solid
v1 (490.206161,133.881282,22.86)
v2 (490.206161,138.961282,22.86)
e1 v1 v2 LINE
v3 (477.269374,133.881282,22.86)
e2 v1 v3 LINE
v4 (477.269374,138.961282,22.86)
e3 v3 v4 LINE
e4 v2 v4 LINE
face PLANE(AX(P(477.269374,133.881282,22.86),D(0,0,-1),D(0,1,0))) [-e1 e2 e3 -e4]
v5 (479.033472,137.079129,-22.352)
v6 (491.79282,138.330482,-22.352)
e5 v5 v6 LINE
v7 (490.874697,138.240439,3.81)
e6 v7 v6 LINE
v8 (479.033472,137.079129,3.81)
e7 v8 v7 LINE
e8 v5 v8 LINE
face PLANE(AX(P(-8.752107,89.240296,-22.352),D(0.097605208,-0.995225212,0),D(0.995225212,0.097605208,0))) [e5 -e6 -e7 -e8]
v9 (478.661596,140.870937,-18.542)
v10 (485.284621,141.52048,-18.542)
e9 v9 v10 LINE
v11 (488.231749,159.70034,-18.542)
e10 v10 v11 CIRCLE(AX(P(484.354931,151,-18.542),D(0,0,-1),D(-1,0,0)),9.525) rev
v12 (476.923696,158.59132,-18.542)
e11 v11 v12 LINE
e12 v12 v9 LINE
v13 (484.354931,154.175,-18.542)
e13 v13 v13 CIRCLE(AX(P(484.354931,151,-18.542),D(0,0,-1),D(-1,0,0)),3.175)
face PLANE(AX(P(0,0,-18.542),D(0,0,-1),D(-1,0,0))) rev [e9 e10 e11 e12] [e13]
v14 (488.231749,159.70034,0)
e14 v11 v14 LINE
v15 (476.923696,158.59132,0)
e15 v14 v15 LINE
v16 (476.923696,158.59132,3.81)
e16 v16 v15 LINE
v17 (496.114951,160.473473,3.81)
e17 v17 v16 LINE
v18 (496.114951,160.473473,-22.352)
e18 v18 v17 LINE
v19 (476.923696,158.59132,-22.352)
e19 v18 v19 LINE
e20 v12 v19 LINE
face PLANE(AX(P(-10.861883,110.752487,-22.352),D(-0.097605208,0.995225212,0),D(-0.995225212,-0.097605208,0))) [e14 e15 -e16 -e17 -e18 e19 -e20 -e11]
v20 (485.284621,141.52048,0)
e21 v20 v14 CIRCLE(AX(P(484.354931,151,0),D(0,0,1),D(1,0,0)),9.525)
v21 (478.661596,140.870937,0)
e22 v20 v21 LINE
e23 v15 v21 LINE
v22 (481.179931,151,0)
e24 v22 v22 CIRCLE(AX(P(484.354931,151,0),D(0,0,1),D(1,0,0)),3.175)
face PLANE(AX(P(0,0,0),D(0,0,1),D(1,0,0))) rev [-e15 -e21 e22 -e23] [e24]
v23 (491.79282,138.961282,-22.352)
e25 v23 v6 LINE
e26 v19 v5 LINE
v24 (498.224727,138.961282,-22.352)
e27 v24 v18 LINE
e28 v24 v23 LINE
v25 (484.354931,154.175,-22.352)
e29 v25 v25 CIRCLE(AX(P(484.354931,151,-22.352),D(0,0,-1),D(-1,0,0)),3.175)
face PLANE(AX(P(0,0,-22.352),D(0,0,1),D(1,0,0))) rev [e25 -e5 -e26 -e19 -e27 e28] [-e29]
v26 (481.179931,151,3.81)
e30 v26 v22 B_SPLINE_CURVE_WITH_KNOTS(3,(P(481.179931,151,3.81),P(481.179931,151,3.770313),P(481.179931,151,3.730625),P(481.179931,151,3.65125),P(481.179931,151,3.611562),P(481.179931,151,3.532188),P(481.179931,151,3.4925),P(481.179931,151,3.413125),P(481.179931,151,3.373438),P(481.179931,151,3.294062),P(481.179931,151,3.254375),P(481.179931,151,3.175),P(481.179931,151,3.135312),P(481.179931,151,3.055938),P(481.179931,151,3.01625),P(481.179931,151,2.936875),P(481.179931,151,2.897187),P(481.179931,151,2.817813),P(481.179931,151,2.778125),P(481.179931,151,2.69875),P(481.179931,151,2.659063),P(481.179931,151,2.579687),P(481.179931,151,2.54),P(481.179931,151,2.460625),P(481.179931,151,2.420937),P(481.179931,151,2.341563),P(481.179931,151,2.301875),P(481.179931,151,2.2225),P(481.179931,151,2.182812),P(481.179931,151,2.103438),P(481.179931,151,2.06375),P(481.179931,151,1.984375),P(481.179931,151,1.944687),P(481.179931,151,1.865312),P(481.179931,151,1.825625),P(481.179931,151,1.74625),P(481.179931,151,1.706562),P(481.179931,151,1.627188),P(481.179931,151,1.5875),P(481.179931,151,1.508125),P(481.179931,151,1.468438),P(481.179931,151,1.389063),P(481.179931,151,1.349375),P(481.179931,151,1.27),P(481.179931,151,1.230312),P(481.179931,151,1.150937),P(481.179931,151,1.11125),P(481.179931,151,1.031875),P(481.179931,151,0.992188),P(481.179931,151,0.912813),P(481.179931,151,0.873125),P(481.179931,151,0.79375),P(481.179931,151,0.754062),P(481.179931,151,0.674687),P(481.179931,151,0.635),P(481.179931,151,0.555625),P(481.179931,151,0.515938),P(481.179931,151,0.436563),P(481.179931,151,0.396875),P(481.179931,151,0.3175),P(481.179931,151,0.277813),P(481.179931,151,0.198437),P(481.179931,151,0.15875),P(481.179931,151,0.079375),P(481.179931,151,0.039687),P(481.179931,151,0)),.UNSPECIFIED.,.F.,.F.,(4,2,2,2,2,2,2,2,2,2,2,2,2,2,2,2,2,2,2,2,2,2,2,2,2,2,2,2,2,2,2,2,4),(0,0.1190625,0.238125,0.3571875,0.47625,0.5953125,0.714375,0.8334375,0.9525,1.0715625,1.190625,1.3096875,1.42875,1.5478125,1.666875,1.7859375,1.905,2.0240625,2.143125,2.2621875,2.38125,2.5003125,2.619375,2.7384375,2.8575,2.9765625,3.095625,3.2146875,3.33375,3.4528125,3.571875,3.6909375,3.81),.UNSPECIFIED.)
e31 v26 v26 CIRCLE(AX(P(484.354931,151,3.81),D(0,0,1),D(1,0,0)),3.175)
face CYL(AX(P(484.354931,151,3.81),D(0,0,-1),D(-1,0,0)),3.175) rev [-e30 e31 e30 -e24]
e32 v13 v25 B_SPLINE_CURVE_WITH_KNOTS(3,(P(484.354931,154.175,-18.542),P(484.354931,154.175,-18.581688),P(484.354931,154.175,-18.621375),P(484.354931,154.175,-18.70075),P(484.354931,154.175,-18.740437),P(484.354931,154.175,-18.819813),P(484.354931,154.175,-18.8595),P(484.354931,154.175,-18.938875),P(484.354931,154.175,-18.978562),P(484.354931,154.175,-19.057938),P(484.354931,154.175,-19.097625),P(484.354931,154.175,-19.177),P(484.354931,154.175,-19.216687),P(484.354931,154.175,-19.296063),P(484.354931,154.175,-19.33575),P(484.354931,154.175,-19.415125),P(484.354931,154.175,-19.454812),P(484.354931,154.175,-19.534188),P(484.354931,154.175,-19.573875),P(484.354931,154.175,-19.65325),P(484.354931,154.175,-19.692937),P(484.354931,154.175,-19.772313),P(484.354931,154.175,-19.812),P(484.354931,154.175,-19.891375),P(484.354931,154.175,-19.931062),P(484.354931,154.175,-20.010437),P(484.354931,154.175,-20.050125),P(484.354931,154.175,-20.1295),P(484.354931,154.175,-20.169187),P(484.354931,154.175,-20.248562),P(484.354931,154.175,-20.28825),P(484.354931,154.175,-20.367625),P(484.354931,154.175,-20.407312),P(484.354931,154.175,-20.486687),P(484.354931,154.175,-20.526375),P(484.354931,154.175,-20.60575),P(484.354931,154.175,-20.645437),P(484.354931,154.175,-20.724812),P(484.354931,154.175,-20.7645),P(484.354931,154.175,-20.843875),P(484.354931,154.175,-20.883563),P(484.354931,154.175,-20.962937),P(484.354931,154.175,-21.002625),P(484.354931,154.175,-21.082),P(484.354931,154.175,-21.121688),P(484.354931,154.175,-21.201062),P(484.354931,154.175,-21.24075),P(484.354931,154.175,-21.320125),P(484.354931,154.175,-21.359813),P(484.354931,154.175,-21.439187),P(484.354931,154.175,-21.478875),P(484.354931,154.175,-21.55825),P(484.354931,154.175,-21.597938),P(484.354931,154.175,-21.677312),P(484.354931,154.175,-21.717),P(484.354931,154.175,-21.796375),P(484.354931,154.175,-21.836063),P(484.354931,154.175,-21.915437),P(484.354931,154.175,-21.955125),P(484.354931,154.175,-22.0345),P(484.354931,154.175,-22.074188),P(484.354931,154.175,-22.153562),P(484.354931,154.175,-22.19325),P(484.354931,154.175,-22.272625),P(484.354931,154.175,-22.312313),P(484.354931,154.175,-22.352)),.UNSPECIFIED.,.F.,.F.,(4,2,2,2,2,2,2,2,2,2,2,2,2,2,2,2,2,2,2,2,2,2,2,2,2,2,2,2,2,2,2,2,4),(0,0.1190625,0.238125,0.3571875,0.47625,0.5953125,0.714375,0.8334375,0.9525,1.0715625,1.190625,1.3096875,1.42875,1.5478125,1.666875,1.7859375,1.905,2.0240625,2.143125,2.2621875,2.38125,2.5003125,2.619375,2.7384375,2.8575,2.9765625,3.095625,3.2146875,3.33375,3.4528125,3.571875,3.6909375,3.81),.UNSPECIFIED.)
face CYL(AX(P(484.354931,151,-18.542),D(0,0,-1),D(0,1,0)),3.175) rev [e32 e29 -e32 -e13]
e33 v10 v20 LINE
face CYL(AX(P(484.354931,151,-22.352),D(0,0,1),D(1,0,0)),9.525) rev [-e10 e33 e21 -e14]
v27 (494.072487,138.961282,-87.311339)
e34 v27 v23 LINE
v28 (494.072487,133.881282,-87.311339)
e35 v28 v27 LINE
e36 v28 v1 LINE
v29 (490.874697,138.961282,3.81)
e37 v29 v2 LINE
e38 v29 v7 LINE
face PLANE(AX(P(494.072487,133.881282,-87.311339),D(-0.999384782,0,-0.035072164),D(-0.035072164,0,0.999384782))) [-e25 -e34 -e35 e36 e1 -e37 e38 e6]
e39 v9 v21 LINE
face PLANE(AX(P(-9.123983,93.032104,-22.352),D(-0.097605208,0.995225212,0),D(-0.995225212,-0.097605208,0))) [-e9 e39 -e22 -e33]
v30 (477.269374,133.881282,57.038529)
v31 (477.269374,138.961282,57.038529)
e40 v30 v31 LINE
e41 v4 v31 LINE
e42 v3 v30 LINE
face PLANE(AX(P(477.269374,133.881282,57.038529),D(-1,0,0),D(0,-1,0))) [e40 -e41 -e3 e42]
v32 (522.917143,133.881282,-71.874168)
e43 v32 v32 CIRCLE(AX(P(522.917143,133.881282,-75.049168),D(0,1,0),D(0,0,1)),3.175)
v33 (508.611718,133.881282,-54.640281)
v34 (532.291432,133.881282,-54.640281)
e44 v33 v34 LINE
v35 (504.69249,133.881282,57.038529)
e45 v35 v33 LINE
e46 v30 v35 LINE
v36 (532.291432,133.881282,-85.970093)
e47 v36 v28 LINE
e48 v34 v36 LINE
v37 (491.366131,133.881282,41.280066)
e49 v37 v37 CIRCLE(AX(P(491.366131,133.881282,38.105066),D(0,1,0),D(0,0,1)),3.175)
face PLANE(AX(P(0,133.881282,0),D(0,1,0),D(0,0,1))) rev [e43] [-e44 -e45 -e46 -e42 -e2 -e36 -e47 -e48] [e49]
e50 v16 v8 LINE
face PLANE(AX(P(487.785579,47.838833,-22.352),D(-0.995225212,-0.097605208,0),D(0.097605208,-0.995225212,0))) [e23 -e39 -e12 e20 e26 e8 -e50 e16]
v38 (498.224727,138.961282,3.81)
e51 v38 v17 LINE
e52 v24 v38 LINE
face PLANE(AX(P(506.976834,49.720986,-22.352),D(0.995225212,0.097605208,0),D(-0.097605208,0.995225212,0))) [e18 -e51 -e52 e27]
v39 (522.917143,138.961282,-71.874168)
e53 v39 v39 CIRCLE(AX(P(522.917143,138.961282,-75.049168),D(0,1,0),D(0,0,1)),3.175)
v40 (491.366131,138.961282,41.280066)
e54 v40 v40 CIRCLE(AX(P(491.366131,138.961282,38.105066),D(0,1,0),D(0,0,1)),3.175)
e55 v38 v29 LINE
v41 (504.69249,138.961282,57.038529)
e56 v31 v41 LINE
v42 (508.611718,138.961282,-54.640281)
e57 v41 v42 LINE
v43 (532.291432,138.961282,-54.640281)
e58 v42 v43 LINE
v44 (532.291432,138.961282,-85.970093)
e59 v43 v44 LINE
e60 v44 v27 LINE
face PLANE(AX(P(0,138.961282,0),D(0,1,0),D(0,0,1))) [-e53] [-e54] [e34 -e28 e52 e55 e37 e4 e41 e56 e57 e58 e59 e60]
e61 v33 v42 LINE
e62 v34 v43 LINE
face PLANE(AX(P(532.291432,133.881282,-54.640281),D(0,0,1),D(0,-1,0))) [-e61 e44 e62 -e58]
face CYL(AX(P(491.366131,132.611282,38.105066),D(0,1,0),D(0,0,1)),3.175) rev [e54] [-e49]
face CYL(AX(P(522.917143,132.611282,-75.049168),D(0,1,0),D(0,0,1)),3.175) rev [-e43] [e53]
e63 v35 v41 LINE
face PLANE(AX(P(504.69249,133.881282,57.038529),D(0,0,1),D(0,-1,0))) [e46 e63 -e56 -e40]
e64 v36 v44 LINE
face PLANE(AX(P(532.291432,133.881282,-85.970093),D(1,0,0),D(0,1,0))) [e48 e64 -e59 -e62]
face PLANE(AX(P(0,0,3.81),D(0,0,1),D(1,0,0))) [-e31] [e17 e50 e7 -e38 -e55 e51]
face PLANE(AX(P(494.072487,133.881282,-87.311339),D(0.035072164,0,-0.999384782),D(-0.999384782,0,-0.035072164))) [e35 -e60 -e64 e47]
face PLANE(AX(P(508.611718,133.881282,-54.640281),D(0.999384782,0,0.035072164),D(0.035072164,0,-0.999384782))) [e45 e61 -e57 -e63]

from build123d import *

# Parameters (mm, degrees)
BOSS_EXTRUDE5_DEPTH = 22.352
BOSS_EXTRUDE7_START = -3.81
SKETCH2_R           = 3.175
BOSS_EXTRUDE7_DEPTH = 3.81
BOSS_EXTRUDE8_START = 3.81
SKETCH3_R           = 3.175
BOSS_EXTRUDE8_DEPTH = 3.81
BOSS_EXTRUDE9_DEPTH = 5.08
SKETCH6_R           = 3.175
CUT_EXTRUDE1_DEPTH  = 6.35


with BuildPart() as part:
    # Sketch1 → Boss-Extrude5 (new body)
    with BuildSketch(Plane.XY):
        with BuildLine():
            Line((485.284620904, 141.520479852), (478.661596161, 140.870936716))
            Line((478.661596161, 140.870936716), (479.033472001, 137.079128657))
            Line((479.033472001, 137.079128657), (498.224726786, 138.961281946))
            Line((498.224726786, 138.961281946), (496.114951182, 160.473473003))
            Line((496.114951182, 160.473473003), (488.231748542, 159.700339826))
            ThreePointArc((488.231748542, 159.700339826), (489.092376455, 159.263306748), (489.904354663, 158.741416237))
            ThreePointArc((489.904354663, 158.741416237), (493.83445145, 151.929689602), (491.302607825, 144.484217934))
            ThreePointArc((491.302607825, 144.484217934), (488.563156596, 142.455032775), (485.284620904, 141.520479852))
        make_face()
    extrude(amount=-BOSS_EXTRUDE5_DEPTH)

    # Sketch2 → Boss-Extrude7 (add)
    with BuildSketch(Plane(origin=(0, 0, -22.352), x_dir=(-1, 0, 0), z_dir=(0, 0, -1)).offset(BOSS_EXTRUDE7_START)):
        with BuildLine():
            Line((-476.923696397, 158.591319714), (-478.661596161, 140.870936716))
            Line((-478.661596161, 140.870936716), (-485.284620904, 141.520479852))
            ThreePointArc((-485.284620904, 141.520479852), (-493.757189232, 149.475804861), (-488.231748542, 159.700339826))
            Line((-488.231748542, 159.700339826), (-476.923696397, 158.591319714))
        make_face()
        with Locations(Location((-484.354931302, 151, 0), (0, 0, 90))):
            Circle(SKETCH2_R, mode=Mode.SUBTRACT)
    extrude(amount=BOSS_EXTRUDE7_DEPTH)

    # Sketch3 → Boss-Extrude8 (add)
    # profile 1 of 2: a face of its own
    with BuildSketch(Plane.XY.offset(BOSS_EXTRUDE8_START)):
        with BuildLine():
            Line((488.231748542, 159.700339826), (476.923696397, 158.591319714))
            Line((476.923696397, 158.591319714), (478.661596161, 140.870936716))
            Line((478.661596161, 140.870936716), (485.284620904, 141.520479852))
            ThreePointArc((485.284620904, 141.520479852), (493.757189232, 149.475804861), (488.231748542, 159.700339826))
        make_face()
        with Locations(Location((484.354931302, 151, 0), (0, 0, 90))):
            Circle(SKETCH3_R, mode=Mode.SUBTRACT)
    # profile 2 of 2: a face of its own
    with BuildSketch(Plane.XY.offset(BOSS_EXTRUDE8_START)):
        with BuildLine():
            Line((496.114951182, 160.473473003), (488.231748542, 159.700339826))
            ThreePointArc((488.231748542, 159.700339826), (493.757189232, 149.475804861), (485.284620904, 141.520479852))
            Line((485.284620904, 141.520479852), (478.661596161, 140.870936716))
            Line((478.661596161, 140.870936716), (479.033472001, 137.079128657))
            Line((479.033472001, 137.079128657), (498.224726786, 138.961281946))
            Line((498.224726786, 138.961281946), (496.114951182, 160.473473003))
        make_face()
    extrude(amount=-BOSS_EXTRUDE8_DEPTH)

    # Sketch4 → Boss-Extrude9 (add)
    with BuildSketch(Plane(origin=(0, 138.961281946, 0), x_dir=(1, 0, 0), z_dir=(0, 1, 0))):
        Polygon((494.072487043, 87.311338989), (532.291432121, 85.970092731), (532.291432121, 54.640280545), (508.611718184, 54.640280545), (504.692489504, -57.038529169), (477.269374414, -57.038529169), (477.269374414, -22.86), (490.206161169, -22.86), align=None)
    extrude(amount=-BOSS_EXTRUDE9_DEPTH)

    # Sketch6 → Cut-Extrude1 (cut)
    with BuildSketch(Plane(origin=(0, 138.961281946, 0), x_dir=(1, 0, 0), z_dir=(0, 1, 0))):
        with Locations(Location((491.366130704, -38.105065935, 0), (0, 0, 270))):
            Circle(SKETCH6_R)
        with Locations(Location((522.91714349, 75.049167666, 0), (0, 0, 270))):
            Circle(SKETCH6_R)
    extrude(amount=-CUT_EXTRUDE1_DEPTH, mode=Mode.SUBTRACT)


solid = part.part
